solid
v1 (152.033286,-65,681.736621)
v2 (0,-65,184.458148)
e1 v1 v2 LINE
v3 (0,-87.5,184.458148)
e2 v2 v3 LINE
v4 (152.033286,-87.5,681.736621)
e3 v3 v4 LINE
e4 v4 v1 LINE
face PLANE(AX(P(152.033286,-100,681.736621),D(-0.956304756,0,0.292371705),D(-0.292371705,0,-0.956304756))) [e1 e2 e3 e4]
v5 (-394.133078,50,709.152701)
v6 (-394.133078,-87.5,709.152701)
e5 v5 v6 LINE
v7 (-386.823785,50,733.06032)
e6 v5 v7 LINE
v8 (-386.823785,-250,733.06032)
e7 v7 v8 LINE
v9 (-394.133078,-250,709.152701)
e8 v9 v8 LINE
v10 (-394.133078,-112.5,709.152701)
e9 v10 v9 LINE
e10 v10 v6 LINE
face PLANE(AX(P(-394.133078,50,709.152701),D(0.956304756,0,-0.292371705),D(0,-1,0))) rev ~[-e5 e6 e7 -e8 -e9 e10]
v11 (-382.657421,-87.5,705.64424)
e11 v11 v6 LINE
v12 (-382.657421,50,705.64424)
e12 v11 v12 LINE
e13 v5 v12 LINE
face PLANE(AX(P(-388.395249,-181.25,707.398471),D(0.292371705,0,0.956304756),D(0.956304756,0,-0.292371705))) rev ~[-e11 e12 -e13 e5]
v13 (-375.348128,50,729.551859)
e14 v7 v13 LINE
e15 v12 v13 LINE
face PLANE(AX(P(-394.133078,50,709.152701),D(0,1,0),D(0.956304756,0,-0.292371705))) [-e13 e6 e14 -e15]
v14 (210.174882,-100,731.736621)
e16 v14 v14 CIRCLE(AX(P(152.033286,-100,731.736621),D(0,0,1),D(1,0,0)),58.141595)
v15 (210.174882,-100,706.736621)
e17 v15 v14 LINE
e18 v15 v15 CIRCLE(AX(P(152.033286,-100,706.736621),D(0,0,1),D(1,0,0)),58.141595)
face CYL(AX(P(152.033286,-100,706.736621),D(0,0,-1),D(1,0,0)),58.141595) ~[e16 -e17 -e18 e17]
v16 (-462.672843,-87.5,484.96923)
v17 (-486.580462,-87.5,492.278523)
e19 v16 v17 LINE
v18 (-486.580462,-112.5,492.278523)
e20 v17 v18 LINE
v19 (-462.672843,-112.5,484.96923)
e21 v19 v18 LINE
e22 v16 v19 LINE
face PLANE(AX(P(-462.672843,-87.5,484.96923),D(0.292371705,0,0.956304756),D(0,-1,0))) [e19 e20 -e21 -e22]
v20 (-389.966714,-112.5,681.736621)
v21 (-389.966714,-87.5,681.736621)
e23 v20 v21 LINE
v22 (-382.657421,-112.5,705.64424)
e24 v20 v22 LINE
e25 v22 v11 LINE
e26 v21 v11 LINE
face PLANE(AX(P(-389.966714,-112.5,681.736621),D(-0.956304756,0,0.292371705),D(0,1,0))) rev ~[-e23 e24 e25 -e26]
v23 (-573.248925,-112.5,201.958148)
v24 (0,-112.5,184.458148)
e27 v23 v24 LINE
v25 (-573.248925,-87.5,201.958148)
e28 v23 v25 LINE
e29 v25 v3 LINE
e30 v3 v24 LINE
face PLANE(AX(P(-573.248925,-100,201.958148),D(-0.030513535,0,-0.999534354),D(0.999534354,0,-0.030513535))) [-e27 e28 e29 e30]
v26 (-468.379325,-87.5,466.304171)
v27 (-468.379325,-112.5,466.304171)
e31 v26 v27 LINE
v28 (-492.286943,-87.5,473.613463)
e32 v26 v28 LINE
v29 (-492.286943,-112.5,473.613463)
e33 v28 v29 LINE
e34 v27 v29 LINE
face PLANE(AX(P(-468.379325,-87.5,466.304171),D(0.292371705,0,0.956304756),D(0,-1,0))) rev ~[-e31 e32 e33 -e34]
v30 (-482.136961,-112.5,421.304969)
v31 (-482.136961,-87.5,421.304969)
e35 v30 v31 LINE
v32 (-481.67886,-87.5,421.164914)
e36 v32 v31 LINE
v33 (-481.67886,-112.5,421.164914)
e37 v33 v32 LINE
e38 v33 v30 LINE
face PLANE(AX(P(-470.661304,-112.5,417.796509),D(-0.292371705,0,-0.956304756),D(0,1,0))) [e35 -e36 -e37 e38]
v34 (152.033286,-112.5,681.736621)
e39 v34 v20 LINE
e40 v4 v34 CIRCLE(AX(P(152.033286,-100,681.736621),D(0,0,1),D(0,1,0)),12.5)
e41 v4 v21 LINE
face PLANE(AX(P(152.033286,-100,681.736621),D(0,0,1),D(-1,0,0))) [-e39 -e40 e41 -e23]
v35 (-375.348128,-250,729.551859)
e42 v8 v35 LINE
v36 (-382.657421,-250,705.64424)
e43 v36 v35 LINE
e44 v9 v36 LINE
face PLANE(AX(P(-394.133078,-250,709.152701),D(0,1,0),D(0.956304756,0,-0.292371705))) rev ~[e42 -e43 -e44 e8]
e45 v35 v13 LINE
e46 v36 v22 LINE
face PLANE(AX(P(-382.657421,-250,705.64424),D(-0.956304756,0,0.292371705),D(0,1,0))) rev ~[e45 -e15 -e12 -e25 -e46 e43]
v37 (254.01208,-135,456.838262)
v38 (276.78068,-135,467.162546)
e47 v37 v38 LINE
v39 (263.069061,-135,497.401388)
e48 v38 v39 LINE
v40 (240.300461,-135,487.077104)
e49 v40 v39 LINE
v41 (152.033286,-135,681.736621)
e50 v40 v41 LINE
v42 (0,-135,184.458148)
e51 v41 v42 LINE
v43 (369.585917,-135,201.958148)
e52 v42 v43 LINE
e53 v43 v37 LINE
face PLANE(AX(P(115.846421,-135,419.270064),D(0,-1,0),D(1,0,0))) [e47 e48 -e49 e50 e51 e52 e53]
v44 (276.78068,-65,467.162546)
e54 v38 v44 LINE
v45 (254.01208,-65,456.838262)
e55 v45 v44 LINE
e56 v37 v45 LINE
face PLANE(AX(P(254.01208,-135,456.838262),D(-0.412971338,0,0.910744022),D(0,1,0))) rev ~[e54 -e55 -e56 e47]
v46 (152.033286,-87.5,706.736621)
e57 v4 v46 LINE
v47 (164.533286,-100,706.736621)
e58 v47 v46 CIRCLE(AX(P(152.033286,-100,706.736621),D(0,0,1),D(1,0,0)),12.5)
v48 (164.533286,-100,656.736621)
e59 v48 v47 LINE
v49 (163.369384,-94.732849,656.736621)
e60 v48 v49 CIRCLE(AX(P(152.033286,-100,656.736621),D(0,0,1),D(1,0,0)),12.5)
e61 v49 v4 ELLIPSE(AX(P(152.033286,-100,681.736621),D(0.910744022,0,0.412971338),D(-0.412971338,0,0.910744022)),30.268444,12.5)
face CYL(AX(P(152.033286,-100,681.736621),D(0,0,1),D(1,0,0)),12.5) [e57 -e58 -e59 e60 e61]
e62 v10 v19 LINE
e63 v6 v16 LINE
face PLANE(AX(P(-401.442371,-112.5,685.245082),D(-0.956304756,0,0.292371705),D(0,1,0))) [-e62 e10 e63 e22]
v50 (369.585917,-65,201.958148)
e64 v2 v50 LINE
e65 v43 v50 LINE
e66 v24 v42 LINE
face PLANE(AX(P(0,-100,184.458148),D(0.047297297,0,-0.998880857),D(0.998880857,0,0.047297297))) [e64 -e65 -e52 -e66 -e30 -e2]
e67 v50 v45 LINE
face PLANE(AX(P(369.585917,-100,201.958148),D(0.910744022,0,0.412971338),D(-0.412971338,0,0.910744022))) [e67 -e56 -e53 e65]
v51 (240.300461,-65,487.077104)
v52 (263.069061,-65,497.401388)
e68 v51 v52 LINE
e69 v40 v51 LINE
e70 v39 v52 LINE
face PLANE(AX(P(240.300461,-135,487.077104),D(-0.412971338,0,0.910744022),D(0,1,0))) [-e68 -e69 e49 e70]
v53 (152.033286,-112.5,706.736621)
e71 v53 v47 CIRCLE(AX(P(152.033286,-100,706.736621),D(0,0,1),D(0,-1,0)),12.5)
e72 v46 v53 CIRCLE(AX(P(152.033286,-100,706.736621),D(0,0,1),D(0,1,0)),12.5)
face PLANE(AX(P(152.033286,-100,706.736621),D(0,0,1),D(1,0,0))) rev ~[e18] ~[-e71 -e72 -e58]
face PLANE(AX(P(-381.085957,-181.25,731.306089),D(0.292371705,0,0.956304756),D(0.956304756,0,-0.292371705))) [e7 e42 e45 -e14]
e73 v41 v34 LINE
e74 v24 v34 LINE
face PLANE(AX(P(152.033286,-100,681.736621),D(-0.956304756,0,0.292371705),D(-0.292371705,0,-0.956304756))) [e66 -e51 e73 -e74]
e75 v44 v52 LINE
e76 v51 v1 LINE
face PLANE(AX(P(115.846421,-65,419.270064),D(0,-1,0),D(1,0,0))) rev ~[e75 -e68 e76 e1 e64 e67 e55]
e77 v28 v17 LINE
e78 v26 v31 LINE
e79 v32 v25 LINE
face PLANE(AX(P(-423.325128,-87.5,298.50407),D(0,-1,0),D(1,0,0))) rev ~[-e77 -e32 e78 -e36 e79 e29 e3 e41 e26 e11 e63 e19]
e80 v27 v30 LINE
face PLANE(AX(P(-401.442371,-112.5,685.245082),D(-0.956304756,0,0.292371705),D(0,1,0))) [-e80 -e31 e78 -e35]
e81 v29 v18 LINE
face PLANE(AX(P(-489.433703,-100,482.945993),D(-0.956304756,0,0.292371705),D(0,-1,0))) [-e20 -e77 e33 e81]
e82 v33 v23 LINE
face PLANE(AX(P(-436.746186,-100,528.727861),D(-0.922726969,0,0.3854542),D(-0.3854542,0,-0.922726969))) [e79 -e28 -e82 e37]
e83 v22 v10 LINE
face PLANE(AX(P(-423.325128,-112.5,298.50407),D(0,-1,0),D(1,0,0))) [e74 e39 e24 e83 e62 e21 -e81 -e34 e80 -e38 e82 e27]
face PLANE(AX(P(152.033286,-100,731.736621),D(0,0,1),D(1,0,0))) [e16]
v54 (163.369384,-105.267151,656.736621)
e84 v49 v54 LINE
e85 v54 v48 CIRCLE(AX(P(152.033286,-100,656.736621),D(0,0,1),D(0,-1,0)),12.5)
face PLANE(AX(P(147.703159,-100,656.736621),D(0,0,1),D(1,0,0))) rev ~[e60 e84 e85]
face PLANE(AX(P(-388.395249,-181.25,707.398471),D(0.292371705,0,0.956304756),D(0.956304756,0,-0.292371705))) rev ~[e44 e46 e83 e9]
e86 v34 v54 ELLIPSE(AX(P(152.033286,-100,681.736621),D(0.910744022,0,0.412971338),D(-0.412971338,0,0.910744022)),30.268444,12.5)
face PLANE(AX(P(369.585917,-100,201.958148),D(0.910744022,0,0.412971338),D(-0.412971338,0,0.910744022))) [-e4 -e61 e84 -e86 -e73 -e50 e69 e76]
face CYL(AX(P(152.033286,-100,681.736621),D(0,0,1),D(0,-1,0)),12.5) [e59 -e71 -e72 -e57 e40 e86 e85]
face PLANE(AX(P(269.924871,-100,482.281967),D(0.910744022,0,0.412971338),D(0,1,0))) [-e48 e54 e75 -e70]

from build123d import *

# Parameters (mm, degrees)
F2_DEPTH      = 12.5
F3_DEPTH      = 35
F5_DEPTH      = 25
F6_DEPTH      = 12
F7_DEPTH      = 116
F7_DEPTH_BACK = 25
F8_DEPTH      = 25
F9_W          = 12
F9_H          = 137.5
F9_H_2        = 25
F10_DEPTH     = 25
F11_W         = 70
F11_H         = 33.2023501396
F12_DEPTH     = 25
F13_DEPTH     = 12.5
F14_W         = 25
F14_H         = 19.5178985596
F15_DEPTH     = 25
F16_R         = 56.3233112178
F16_R_2       = 12.5
F17_DEPTH     = 25
F19_R         = 58.1415954248
F20_DEPTH     = 25


with BuildPart() as f2:
    # F1 (on offset) → F2 (new body, symmetric)
    with BuildSketch(Plane.XZ.offset(100)):
        Polygon((-436.7461862998, 528.7278605353), (0, 184.4581483886), (152.0332864558, 681.7366214894), (-389.9667135442, 681.7366214894), align=None)
    extrude(amount=F2_DEPTH, both=True)

    # F1 (on offset) → F3 (join, symmetric)
    with BuildSketch(Plane.XZ.offset(100)):
        with BuildLine():
            Line((152.0332864558, 681.7366214894), (0, 184.4581483886))
            Line((0, 184.4581483886), (75.4155046728, 188.0290943346))
            ThreePointArc((75.4155046728, 188.0290943346), (118.345751191, 355.6091461552), (247.9658580263, 470.1722629873))
            Line((247.9658580263, 470.1722629873), (152.0332864558, 681.7366214894))
        make_face()
        with BuildLine():
            ThreePointArc((247.9658580263, 470.1722629873), (118.345751191, 355.6091461552), (75.4155046728, 188.0290943346))
            Line((75.4155046728, 188.0290943346), (369.5859169395, 201.9581483886))
            Line((369.5859169395, 201.9581483886), (247.9658580263, 470.1722629873))
        make_face()
    extrude(amount=F3_DEPTH, both=True)

    # F4 (on face) → F5 (join, symmetric)
    with BuildSketch(Plane.XY.offset(681.7366214894)):
        with BuildLine():
            Line((152.0332864558, -112.5), (152.0332864558, -87.5))
            ThreePointArc((152.0332864558, -87.5), (139.5332864558, -100), (152.0332864558, -112.5))
        make_face()
        with BuildLine():
            ThreePointArc((152.0332864558, -112.5), (160.8721212207, -108.8388347648), (164.5332864558, -100))
            ThreePointArc((164.5332864558, -100), (160.8721212207, -91.1611652352), (152.0332864558, -87.5))
            Line((152.0332864558, -87.5), (152.0332864558, -112.5))
        make_face()
    extrude(amount=F5_DEPTH, both=True)

    # F6 (add): a face of the model
    f6_faces = [f2.faces().sort_by_distance(p)[0] for p in [
        (-413.356449922, -100, 605.2322410124),
    ]]
    extrude(f6_faces, amount=F6_DEPTH)

    # F7 (add, two sides): a face of the model
    f7_faces = [f2.faces().sort_by_distance(p)[0] for p in [
        (-442.4840148356, -100, 530.4820907636),
    ]]
    extrude(f7_faces, amount=F7_DEPTH)
    extrude(f7_faces, amount=-F7_DEPTH_BACK)

    # F8 (add): a face of the model
    f8_faces = [f2.faces().sort_by_distance(p)[0] for p in [
        (-395.70454208, -100, 683.4908517177),
    ]]
    extrude(f8_faces, amount=F8_DEPTH)

    # F9 (on face) → F10 (join)
    with BuildSketch(Plane(origin=(164.5856050194, 0, 538.3352571426), x_dir=(0.956304756, 0, -0.2923717047), z_dir=(0.2923717047, 0, 0.956304756))):
        with Locations((-578.2475210263, -181.25)):
            Rectangle(F9_W, F9_H)
        with Locations((-578.2475210263, -18.75)):
            Rectangle(F9_W, F9_H)
        with Locations((-578.2475210263, -100)):
            Rectangle(F9_W, F9_H_2)
    extrude(amount=F10_DEPTH)

    # F11 (on face) → F12 (join)
    with BuildSketch(Plane(origin=(382.5134832971, 0, 173.4484124494), x_dir=(0, 1, 0), z_dir=(0.9107440224, 0, 0.4129713376))):
        with Locations((-100, 327.7641832829)):
            Rectangle(F11_W, F11_H)
    extrude(amount=F12_DEPTH)

    # F1 (on offset) → F13 (join, symmetric)
    with BuildSketch(Plane.XZ.offset(100)):
        with BuildLine():
            Line((-573.2489245515, 201.9581483886), (-278.8860573945, 192.9719122971))
            ThreePointArc((-278.8860573945, 192.9719122971), (-278.783209758, 197.4645072005), (-278.7489245515, 201.9581483886))
            ThreePointArc((-278.7489245515, 201.9581483886), (-328.1359004952, 365.2059827937), (-459.7326626701, 473.7012408279))
            Line((-459.7326626701, 473.7012408279), (-573.2489245515, 201.9581483886))
        make_face()
        with BuildLine():
            Line((-278.8860573945, 192.9719122971), (0, 184.4581483886))
            Line((0, 184.4581483886), (-436.7461862998, 528.7278605353))
            Line((-436.7461862998, 528.7278605353), (-459.7326626701, 473.7012408279))
            ThreePointArc((-459.7326626701, 473.7012408279), (-328.1359004952, 365.2059827937), (-278.7489245515, 201.9581483886))
            ThreePointArc((-278.7489245515, 201.9581483886), (-278.783209758, 197.4645072005), (-278.8860573945, 192.9719122971))
        make_face()
    extrude(amount=F13_DEPTH, both=True)

    # F14 (on face) → F15 (join)
    with BuildSketch(Plane(origin=(-558.7186830171, 0, 170.8174437025), x_dir=(0, -1, 0), z_dir=(-0.956304756, 0, 0.2923717047))):
        with Locations((100, 318.746984005)):
            Rectangle(F14_W, F14_H)
    extrude(amount=F15_DEPTH)

    # F19 (on face) → F20 (join)
    with BuildSketch(Plane.XY.offset(706.7366214894)):
        with Locations((152.0332864558, -100)):
            Circle(F19_R)
    extrude(amount=F20_DEPTH)


with BuildPart() as f17:
    # F16 (on face) → F17 (new body)
    with BuildSketch(Plane.XY.offset(706.7366214894)):
        with Locations((152.0332864558, -100)):
            Circle(F16_R)
        with Locations((152.0332864558, -100)):
            Circle(F16_R_2, mode=Mode.SUBTRACT)
    extrude(amount=F17_DEPTH)


solid = f2.part
